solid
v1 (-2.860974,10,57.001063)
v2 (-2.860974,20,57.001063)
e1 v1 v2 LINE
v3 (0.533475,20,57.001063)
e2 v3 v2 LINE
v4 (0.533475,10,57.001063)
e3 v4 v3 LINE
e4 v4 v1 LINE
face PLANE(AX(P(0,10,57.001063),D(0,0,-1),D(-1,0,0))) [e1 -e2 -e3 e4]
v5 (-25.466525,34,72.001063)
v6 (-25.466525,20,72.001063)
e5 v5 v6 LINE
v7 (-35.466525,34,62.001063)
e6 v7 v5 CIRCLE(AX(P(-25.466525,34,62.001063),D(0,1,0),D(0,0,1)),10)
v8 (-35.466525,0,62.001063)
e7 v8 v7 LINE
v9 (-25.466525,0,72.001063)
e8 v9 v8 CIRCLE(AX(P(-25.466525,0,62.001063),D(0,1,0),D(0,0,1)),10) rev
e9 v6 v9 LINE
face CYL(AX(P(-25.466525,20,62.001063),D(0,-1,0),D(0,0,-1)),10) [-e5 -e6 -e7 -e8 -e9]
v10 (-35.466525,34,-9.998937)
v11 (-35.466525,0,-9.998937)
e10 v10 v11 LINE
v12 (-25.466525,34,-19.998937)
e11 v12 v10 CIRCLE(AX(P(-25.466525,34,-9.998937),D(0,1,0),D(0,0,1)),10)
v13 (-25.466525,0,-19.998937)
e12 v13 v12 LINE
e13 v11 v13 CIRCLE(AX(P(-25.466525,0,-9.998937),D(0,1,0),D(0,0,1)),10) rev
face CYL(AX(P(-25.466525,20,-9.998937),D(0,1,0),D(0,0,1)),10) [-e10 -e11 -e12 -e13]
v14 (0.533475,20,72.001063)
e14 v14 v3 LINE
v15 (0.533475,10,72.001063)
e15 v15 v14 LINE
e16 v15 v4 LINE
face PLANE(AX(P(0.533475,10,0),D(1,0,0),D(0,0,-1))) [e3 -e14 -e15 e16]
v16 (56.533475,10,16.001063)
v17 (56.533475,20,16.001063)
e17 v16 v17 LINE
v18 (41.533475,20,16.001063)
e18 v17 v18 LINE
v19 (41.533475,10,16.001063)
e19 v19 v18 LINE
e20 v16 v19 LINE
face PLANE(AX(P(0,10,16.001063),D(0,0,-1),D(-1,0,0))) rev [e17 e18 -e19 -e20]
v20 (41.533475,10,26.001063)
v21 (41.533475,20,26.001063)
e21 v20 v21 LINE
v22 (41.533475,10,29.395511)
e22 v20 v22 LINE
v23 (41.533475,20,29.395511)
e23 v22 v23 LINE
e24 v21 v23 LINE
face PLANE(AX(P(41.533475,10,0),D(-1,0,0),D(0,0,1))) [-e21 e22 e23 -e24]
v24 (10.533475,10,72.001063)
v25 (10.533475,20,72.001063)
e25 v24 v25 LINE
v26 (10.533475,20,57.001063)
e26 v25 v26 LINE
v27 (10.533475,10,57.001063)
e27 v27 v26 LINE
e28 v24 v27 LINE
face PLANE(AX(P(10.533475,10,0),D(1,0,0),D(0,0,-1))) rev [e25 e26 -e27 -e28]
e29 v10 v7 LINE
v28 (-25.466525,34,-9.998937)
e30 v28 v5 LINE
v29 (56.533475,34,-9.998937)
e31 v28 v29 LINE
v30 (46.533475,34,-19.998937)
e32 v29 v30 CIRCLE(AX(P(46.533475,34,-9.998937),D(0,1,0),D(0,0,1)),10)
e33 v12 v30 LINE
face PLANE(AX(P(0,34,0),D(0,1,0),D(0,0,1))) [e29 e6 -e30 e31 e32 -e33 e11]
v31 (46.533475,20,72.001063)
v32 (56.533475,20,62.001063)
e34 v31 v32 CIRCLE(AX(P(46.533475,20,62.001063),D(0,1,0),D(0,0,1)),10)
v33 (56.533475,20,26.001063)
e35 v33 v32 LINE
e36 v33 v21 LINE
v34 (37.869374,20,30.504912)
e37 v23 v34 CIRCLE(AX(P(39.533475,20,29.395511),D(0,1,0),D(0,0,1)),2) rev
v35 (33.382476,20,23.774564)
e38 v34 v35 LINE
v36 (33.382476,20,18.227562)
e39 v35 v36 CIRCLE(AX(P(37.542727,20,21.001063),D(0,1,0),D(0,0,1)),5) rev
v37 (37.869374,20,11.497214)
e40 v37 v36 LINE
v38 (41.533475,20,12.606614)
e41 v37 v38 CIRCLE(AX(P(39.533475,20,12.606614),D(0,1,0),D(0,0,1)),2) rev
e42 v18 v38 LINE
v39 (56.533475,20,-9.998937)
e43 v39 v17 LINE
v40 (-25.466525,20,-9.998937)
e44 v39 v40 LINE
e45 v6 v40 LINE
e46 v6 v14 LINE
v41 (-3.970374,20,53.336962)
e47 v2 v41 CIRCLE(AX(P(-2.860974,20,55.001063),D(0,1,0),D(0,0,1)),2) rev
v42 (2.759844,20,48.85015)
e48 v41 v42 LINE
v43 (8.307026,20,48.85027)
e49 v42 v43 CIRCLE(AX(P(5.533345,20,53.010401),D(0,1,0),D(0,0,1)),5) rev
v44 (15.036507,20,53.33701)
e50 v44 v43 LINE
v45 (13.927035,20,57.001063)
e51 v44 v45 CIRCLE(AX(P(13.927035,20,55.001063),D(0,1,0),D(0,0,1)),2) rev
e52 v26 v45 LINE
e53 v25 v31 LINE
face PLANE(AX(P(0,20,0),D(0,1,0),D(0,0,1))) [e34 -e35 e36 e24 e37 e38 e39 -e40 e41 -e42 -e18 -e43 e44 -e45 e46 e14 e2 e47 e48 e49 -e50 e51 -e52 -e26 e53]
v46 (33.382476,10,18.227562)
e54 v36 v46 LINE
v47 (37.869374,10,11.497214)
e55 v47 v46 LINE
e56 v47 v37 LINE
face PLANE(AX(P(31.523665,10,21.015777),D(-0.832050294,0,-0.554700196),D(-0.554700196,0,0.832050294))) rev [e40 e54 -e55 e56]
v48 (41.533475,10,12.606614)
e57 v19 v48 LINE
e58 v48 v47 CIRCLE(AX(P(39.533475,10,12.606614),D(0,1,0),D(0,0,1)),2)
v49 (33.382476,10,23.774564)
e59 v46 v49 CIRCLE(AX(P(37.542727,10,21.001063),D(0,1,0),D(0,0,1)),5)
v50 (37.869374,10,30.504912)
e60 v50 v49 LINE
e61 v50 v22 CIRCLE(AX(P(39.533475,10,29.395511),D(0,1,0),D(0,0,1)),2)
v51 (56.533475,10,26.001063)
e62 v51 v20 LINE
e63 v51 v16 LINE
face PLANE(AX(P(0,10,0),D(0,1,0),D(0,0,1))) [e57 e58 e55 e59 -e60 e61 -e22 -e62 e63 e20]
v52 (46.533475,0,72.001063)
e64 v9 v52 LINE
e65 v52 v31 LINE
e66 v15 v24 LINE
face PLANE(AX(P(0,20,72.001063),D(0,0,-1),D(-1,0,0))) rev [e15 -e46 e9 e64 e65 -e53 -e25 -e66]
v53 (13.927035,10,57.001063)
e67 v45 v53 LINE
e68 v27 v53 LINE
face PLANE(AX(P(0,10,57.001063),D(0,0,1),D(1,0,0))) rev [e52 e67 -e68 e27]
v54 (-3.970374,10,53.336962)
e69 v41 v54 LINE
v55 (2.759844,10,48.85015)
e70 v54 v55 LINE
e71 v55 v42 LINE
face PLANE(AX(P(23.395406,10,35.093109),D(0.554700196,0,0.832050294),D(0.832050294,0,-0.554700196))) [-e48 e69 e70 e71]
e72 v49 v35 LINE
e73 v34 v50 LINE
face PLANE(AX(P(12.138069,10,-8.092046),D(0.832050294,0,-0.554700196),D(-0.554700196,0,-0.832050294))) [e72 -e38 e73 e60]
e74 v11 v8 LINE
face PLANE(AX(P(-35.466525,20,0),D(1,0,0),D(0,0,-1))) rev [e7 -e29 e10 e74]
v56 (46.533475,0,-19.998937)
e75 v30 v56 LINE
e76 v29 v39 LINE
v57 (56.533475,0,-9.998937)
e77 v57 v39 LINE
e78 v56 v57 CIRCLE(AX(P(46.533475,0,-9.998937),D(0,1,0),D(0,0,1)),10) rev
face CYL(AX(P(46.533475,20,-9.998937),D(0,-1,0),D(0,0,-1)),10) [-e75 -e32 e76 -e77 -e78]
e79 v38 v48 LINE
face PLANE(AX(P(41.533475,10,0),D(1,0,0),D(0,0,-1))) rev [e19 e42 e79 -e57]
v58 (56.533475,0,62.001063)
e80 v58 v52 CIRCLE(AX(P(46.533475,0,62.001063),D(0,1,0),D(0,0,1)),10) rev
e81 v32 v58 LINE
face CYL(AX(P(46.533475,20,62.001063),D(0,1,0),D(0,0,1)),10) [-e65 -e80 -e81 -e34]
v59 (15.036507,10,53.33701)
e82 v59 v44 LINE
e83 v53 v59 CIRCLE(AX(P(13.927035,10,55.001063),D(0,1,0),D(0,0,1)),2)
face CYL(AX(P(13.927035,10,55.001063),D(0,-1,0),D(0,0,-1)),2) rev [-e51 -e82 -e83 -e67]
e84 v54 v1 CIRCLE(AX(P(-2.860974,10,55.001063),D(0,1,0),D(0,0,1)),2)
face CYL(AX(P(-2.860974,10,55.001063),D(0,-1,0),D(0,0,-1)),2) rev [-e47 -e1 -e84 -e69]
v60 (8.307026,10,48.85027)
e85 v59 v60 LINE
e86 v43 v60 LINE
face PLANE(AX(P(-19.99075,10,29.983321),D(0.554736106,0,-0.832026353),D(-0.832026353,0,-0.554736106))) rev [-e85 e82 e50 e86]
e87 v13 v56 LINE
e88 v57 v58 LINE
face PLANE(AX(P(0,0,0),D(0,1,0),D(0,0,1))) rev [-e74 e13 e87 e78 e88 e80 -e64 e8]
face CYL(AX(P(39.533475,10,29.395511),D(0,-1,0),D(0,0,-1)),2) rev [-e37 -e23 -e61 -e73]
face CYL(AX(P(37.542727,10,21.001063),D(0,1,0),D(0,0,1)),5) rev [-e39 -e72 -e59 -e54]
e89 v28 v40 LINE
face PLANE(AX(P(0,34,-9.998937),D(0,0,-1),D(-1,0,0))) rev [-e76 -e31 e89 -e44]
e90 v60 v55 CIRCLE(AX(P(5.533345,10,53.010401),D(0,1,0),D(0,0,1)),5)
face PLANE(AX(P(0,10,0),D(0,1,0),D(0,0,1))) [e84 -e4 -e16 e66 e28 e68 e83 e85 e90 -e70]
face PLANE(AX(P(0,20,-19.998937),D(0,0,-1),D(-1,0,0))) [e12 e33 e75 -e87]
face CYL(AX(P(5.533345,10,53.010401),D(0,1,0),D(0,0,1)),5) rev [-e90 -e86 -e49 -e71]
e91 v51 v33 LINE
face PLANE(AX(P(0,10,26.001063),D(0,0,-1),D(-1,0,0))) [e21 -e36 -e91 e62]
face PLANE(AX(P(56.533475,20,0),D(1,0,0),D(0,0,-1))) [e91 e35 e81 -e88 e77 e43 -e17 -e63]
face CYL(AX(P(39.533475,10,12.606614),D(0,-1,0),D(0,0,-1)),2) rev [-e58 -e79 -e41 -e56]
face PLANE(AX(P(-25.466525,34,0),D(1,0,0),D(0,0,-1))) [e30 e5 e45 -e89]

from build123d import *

# Parameters (mm, degrees)
SKETCH1_W           = 92
SKETCH1_H           = 92
BOSS_EXTRUDE1_DEPTH = 20
BOSS_EXTRUDE2_DEPTH = 34
FILLET1_R           = 10
CUT_EXTRUDE2_DEPTH  = 10
CUT_EXTRUDE3_DEPTH  = 10
FILLET2_R           = 5
FILLET3_R           = 2


with BuildPart() as part:
    # Sketch1 → Boss-Extrude1 (new body)
    with BuildSketch(Plane(origin=(0, 0, 0), x_dir=(1, 0, 0), z_dir=(0, 1, 0))):
        with Locations((10.533475027, -26.001062699)):
            Rectangle(SKETCH1_W, SKETCH1_H)
    extrude(amount=BOSS_EXTRUDE1_DEPTH)

    # Sketch1<3> → Boss-Extrude2 (add)
    with BuildSketch(Plane(origin=(0, 0, 0), x_dir=(1, 0, 0), z_dir=(0, 1, 0))):
        Polygon((-35.466524973, 19.998937301), (-35.466524973, -72.001062699), (-25.466524973, -72.001062699), (-25.466524973, 9.998937301), (56.533475027, 9.998937301), (56.533475027, 19.998937301), align=None)
    extrude(amount=BOSS_EXTRUDE2_DEPTH)

    # Fillet1
    fillet1_edges = [part.edges().sort_by_distance(p)[0] for p in [
        (56.533475027, 17, -19.998937301),
        (-35.466524973, 17, -19.998937301),
        (-35.466524973, 17, 72.001062699),
        (56.533475027, 10, 72.001062699),
    ]]
    fillet(fillet1_edges, radius=FILLET1_R)

    # Sketch5 → Cut-Extrude2 (cut)
    with BuildSketch(Plane(origin=(0, 20, 0), x_dir=(1, 0, 0), z_dir=(0, 1, 0))):
        Polygon((0.533475027, -72.001062699), (10.533475027, -72.001062699), (10.533475027, -57.001062699), (20.532072448, -57.001062699), (5.533475027, -47.001062699), (-9.466524973, -57.001062699), (0.533475027, -57.001062699), align=None)
    extrude(amount=-CUT_EXTRUDE2_DEPTH, mode=Mode.SUBTRACT)

    # Sketch6 → Cut-Extrude3 (cut)
    with BuildSketch(Plane(origin=(0, 20, 0), x_dir=(1, 0, 0), z_dir=(0, 1, 0))):
        Polygon((41.533475027, -26.001062699), (56.533475027, -26.001062699), (56.533475027, -16.001062699), (41.533475027, -16.001062699), (41.533475027, -6.001062699), (31.533475027, -21.001062699), (41.533475027, -36.001062699), align=None)
    extrude(amount=-CUT_EXTRUDE3_DEPTH, mode=Mode.SUBTRACT)

    # Fillet2
    fillet2_edges = [part.edges().sort_by_distance(p)[0] for p in [
        (31.533475027, 15, 21.001062699),
        (5.533475027, 15, 47.001062699),
    ]]
    fillet(fillet2_edges, radius=FILLET2_R)

    # Fillet3
    fillet3_edges = [part.edges().sort_by_distance(p)[0] for p in [
        (41.533475027, 15, 6.001062699),
        (41.533475027, 15, 36.001062699),
        (20.532072448, 15, 57.001062699),
        (-9.466524973, 15, 57.001062699),
    ]]
    fillet(fillet3_edges, radius=FILLET3_R)


solid = part.part
